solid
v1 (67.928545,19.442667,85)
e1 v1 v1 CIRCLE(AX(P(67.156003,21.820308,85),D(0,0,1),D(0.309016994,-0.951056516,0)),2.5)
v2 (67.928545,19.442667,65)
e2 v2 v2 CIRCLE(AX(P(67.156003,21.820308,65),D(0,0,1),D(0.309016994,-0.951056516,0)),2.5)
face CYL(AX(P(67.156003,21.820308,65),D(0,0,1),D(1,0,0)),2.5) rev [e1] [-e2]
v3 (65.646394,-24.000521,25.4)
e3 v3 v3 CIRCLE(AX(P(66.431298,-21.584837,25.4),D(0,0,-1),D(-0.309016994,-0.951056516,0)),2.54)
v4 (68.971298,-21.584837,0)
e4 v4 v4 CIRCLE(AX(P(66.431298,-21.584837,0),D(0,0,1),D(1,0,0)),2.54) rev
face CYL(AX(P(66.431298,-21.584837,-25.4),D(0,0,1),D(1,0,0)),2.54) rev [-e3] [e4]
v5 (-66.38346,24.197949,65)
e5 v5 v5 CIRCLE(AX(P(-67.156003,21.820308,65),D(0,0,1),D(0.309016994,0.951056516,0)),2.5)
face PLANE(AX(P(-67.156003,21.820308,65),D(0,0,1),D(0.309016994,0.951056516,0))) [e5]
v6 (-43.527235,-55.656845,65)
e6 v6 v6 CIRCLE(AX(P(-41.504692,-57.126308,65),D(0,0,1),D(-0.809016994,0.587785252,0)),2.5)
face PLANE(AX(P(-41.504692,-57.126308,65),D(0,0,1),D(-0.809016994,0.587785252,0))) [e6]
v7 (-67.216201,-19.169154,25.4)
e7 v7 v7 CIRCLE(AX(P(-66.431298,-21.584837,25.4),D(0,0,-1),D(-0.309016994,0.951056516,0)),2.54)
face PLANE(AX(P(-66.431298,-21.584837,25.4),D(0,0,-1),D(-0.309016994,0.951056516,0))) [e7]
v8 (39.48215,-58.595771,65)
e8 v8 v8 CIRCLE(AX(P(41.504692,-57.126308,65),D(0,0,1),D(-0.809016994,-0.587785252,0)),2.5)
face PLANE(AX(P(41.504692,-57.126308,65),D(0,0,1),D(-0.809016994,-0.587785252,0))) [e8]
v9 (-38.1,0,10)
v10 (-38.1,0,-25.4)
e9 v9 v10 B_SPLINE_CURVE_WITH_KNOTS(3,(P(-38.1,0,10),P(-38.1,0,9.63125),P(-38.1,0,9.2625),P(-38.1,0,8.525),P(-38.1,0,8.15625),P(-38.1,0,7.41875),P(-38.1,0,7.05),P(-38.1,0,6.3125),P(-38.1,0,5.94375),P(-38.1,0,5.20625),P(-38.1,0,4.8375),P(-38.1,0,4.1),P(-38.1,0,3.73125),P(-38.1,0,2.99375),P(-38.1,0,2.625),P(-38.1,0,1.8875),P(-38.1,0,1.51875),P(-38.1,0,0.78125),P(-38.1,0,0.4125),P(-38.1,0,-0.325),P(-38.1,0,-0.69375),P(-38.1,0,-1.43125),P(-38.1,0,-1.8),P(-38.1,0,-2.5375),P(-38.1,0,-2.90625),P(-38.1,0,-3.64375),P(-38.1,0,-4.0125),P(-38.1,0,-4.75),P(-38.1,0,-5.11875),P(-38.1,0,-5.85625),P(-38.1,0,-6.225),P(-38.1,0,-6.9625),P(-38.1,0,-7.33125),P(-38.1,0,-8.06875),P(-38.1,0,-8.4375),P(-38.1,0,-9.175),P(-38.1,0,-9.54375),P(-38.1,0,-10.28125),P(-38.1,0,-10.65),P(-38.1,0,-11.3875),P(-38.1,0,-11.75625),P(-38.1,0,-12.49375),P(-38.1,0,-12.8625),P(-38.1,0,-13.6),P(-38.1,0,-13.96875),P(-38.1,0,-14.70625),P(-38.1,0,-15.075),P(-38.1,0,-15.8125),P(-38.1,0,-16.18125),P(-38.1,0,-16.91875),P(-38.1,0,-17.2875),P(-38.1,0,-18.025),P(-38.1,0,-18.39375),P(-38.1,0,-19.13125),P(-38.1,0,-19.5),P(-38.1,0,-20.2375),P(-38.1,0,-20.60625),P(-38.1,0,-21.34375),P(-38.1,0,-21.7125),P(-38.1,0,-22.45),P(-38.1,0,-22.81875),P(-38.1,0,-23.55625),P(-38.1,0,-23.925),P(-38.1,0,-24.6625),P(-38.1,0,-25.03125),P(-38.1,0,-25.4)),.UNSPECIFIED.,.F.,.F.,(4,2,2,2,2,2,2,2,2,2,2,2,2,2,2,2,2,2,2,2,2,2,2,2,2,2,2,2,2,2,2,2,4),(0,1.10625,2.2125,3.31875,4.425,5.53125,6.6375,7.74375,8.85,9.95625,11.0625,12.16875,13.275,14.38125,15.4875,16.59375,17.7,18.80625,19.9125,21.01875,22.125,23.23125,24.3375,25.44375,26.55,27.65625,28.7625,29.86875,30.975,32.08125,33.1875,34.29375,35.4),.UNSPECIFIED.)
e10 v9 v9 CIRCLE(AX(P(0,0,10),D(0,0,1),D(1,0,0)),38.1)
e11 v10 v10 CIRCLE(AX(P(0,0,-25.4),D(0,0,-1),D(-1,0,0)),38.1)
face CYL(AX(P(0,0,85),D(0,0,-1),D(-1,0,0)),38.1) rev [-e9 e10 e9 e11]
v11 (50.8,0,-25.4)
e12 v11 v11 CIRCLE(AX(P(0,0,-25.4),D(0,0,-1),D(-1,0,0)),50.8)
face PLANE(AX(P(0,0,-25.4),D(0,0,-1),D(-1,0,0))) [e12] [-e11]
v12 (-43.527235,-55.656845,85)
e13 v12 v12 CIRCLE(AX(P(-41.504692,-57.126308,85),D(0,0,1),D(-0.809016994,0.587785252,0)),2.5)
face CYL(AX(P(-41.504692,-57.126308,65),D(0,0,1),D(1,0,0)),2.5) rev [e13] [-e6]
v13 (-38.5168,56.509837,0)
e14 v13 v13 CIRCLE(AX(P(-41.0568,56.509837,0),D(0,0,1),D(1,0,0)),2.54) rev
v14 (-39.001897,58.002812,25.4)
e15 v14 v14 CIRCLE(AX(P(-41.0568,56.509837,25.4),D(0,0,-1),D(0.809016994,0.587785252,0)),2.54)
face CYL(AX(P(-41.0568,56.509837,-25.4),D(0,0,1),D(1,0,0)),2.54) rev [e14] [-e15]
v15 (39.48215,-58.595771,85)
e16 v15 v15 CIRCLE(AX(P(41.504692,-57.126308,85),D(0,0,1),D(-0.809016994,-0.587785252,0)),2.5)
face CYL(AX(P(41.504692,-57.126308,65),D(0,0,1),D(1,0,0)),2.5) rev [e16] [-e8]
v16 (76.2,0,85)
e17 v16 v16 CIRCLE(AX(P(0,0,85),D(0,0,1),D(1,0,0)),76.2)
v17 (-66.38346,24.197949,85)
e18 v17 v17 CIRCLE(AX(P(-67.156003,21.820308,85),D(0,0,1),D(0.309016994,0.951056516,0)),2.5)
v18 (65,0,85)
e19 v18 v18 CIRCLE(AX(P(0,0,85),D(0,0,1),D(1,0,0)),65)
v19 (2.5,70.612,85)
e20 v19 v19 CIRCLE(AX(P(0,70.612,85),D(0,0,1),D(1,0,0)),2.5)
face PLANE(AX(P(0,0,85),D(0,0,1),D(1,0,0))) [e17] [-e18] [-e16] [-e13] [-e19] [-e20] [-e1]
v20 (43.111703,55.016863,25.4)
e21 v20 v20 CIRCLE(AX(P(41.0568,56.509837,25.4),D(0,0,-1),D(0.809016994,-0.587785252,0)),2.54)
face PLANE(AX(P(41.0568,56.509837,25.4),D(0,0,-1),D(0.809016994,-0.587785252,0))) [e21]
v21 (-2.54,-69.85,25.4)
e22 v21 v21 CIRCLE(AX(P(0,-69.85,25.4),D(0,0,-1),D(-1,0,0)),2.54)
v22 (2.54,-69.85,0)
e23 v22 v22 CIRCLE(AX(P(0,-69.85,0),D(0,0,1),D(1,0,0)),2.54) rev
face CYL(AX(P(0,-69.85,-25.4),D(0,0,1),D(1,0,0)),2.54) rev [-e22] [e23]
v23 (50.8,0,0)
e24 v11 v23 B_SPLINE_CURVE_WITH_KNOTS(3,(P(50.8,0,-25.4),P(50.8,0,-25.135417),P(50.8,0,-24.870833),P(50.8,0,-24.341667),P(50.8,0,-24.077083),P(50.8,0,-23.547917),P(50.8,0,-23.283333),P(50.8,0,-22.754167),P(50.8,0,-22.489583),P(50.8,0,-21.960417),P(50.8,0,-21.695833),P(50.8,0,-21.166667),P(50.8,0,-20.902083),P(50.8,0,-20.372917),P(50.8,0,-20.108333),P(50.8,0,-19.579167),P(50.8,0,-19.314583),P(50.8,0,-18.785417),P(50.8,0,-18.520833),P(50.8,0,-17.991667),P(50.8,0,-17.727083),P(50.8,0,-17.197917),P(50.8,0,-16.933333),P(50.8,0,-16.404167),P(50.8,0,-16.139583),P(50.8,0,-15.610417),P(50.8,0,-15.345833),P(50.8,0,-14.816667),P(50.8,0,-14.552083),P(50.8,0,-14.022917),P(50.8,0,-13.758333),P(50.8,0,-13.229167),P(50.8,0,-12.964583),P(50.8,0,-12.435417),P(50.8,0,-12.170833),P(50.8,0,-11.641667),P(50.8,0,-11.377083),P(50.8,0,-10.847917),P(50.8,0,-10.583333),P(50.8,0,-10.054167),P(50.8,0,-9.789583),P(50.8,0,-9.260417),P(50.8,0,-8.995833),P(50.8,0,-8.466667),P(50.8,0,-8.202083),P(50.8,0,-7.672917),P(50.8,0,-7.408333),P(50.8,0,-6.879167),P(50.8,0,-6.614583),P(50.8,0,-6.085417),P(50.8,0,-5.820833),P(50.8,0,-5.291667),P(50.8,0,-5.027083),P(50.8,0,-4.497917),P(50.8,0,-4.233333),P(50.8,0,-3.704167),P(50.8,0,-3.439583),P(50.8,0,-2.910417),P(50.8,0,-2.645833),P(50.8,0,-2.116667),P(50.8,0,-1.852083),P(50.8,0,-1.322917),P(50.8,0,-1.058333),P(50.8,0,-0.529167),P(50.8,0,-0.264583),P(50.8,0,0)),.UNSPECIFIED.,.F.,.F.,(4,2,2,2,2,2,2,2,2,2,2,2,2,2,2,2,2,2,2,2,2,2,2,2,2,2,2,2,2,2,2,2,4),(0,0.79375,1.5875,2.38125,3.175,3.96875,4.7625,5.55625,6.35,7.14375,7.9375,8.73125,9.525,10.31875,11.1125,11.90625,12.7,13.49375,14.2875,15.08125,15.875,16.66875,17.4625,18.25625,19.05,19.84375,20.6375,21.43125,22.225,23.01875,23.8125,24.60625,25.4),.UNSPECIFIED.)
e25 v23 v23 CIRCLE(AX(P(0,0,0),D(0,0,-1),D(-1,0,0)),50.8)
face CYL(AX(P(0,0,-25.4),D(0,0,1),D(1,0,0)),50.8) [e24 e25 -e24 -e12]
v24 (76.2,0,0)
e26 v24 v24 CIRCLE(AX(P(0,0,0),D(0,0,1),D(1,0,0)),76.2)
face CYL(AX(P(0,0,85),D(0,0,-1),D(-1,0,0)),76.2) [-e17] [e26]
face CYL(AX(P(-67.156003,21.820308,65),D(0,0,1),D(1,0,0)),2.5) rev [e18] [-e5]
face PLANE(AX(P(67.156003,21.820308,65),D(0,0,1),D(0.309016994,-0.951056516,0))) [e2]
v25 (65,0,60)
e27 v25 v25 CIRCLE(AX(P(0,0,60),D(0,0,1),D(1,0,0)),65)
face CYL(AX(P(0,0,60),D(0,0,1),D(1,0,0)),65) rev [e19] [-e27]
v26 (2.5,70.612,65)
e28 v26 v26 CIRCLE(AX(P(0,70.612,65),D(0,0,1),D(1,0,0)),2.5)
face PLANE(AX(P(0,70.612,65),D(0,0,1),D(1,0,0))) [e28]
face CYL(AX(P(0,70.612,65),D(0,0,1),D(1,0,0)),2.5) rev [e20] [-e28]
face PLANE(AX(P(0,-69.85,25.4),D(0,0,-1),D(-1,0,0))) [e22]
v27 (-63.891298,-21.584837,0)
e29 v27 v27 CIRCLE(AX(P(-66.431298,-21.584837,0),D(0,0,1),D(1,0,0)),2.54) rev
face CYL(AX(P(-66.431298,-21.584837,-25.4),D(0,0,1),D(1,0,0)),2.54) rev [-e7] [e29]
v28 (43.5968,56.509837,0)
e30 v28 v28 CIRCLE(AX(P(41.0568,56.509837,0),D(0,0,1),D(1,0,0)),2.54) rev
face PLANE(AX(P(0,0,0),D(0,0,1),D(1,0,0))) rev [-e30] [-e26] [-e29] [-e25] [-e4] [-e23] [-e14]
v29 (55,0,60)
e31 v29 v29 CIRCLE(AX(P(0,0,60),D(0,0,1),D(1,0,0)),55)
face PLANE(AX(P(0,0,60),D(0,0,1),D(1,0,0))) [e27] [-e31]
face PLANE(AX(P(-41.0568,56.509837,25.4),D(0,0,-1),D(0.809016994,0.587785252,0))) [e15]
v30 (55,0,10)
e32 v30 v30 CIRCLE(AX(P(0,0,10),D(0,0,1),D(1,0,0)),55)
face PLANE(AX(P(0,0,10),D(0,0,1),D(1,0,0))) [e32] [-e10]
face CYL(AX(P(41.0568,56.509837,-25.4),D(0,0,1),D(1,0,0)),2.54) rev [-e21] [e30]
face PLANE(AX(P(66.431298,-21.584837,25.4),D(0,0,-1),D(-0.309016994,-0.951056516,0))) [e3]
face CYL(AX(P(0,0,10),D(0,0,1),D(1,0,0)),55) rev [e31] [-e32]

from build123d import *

# Parameters (mm, degrees)
SKETCH2_R               = 76.2
BOSS_EXTRUDE1_DEPTH     = 85
SKETCH4_R               = 65
CUT_EXTRUDE2_DEPTH      = 25
SKETCH5_R               = 55
CUT_EXTRUDE3_DEPTH      = 50
SKETCH7_R               = 2.5
CUT_EXTRUDE4_DEPTH      = 20
CIRPATTERN1_COUNT       = 5
SKETCH8_R               = 50.8
BOSS_EXTRUDE3_DEPTH     = 25.4
CUT_EXTRUDE5_DEPTH      = 155.275856828
CUT_EXTRUDE5_DEPTH_BACK = 155.275856828
SKETCH10_R              = 38.1
CUT_EXTRUDE6_START      = -25.4
SKETCH11_R              = 2.54
CUT_EXTRUDE6_DEPTH      = 163.651156644
CIRPATTERN2_COUNT       = 5


with BuildPart() as part:
    # Sketch2 → Boss-Extrude1 (new body)
    with BuildSketch(Plane(origin=(0, 0, 0), x_dir=(0, 1, 0), z_dir=(0, 0, 1))):
        with Locations(Location((0, 0, 0), (0, 0, 270))):
            Circle(SKETCH2_R)
    extrude(amount=BOSS_EXTRUDE1_DEPTH)

    # Sketch4 → Cut-Extrude2 (cut)
    with BuildSketch(Plane.XY.offset(85)):
        Circle(SKETCH4_R)
    extrude(amount=-CUT_EXTRUDE2_DEPTH, mode=Mode.SUBTRACT)

    # Sketch5 → Cut-Extrude3 (cut)
    with BuildSketch(Plane.XY.offset(60)):
        Circle(SKETCH5_R)
    extrude(amount=-CUT_EXTRUDE3_DEPTH, mode=Mode.SUBTRACT)

    # Sketch7 → Cut-Extrude4 (cut)
    with BuildSketch(Plane.XY.offset(85)):
        with Locations((0, 70.612)):
            Circle(SKETCH7_R)
    cut_extrude4 = extrude(amount=-CUT_EXTRUDE4_DEPTH, mode=Mode.SUBTRACT)

    # CirPattern1: Cut-Extrude4 ×5 about axis
    cirpattern1_axis = Axis((0, 0, 0), (0, 0, 1))
    for i in range(1, CIRPATTERN1_COUNT):
        add(cut_extrude4.rotate(cirpattern1_axis, i * 360 / CIRPATTERN1_COUNT), mode=Mode.SUBTRACT)

    # Sketch8 → Boss-Extrude3 (add)
    with BuildSketch(Plane(origin=(0, 0, 0), x_dir=(1, 0, 0), z_dir=(0, 0, -1))):
        Circle(SKETCH8_R)
    extrude(amount=BOSS_EXTRUDE3_DEPTH)

    # Sketch10 → Cut-Extrude5 (cut, two sides: drawn at the far end of the back side and taken through both)
    with BuildSketch(Plane(origin=(0, 0, -25.4), x_dir=(1, 0, 0), z_dir=(0, 0, -1)).offset(-CUT_EXTRUDE5_DEPTH_BACK)):
        with Locations(Location((0, 0, 0), (0, 0, 180))):
            Circle(SKETCH10_R)
    extrude(amount=CUT_EXTRUDE5_DEPTH + CUT_EXTRUDE5_DEPTH_BACK, mode=Mode.SUBTRACT)

    # Sketch11 → Cut-Extrude6 (cut)
    with BuildSketch(Plane(origin=(0, 0, 0), x_dir=(1, 0, 0), z_dir=(0, 0, -1)).offset(CUT_EXTRUDE6_START)):
        with Locations((0, 69.85)):
            Circle(SKETCH11_R)
    cut_extrude6 = extrude(amount=CUT_EXTRUDE6_DEPTH, mode=Mode.SUBTRACT)

    # CirPattern2: Cut-Extrude6 ×5 about axis
    cirpattern2_axis = Axis((0, 0, 0), (0, 0, 1))
    for i in range(1, CIRPATTERN2_COUNT):
        add(cut_extrude6.rotate(cirpattern2_axis, i * 360 / CIRPATTERN2_COUNT), mode=Mode.SUBTRACT)


solid = part.part
